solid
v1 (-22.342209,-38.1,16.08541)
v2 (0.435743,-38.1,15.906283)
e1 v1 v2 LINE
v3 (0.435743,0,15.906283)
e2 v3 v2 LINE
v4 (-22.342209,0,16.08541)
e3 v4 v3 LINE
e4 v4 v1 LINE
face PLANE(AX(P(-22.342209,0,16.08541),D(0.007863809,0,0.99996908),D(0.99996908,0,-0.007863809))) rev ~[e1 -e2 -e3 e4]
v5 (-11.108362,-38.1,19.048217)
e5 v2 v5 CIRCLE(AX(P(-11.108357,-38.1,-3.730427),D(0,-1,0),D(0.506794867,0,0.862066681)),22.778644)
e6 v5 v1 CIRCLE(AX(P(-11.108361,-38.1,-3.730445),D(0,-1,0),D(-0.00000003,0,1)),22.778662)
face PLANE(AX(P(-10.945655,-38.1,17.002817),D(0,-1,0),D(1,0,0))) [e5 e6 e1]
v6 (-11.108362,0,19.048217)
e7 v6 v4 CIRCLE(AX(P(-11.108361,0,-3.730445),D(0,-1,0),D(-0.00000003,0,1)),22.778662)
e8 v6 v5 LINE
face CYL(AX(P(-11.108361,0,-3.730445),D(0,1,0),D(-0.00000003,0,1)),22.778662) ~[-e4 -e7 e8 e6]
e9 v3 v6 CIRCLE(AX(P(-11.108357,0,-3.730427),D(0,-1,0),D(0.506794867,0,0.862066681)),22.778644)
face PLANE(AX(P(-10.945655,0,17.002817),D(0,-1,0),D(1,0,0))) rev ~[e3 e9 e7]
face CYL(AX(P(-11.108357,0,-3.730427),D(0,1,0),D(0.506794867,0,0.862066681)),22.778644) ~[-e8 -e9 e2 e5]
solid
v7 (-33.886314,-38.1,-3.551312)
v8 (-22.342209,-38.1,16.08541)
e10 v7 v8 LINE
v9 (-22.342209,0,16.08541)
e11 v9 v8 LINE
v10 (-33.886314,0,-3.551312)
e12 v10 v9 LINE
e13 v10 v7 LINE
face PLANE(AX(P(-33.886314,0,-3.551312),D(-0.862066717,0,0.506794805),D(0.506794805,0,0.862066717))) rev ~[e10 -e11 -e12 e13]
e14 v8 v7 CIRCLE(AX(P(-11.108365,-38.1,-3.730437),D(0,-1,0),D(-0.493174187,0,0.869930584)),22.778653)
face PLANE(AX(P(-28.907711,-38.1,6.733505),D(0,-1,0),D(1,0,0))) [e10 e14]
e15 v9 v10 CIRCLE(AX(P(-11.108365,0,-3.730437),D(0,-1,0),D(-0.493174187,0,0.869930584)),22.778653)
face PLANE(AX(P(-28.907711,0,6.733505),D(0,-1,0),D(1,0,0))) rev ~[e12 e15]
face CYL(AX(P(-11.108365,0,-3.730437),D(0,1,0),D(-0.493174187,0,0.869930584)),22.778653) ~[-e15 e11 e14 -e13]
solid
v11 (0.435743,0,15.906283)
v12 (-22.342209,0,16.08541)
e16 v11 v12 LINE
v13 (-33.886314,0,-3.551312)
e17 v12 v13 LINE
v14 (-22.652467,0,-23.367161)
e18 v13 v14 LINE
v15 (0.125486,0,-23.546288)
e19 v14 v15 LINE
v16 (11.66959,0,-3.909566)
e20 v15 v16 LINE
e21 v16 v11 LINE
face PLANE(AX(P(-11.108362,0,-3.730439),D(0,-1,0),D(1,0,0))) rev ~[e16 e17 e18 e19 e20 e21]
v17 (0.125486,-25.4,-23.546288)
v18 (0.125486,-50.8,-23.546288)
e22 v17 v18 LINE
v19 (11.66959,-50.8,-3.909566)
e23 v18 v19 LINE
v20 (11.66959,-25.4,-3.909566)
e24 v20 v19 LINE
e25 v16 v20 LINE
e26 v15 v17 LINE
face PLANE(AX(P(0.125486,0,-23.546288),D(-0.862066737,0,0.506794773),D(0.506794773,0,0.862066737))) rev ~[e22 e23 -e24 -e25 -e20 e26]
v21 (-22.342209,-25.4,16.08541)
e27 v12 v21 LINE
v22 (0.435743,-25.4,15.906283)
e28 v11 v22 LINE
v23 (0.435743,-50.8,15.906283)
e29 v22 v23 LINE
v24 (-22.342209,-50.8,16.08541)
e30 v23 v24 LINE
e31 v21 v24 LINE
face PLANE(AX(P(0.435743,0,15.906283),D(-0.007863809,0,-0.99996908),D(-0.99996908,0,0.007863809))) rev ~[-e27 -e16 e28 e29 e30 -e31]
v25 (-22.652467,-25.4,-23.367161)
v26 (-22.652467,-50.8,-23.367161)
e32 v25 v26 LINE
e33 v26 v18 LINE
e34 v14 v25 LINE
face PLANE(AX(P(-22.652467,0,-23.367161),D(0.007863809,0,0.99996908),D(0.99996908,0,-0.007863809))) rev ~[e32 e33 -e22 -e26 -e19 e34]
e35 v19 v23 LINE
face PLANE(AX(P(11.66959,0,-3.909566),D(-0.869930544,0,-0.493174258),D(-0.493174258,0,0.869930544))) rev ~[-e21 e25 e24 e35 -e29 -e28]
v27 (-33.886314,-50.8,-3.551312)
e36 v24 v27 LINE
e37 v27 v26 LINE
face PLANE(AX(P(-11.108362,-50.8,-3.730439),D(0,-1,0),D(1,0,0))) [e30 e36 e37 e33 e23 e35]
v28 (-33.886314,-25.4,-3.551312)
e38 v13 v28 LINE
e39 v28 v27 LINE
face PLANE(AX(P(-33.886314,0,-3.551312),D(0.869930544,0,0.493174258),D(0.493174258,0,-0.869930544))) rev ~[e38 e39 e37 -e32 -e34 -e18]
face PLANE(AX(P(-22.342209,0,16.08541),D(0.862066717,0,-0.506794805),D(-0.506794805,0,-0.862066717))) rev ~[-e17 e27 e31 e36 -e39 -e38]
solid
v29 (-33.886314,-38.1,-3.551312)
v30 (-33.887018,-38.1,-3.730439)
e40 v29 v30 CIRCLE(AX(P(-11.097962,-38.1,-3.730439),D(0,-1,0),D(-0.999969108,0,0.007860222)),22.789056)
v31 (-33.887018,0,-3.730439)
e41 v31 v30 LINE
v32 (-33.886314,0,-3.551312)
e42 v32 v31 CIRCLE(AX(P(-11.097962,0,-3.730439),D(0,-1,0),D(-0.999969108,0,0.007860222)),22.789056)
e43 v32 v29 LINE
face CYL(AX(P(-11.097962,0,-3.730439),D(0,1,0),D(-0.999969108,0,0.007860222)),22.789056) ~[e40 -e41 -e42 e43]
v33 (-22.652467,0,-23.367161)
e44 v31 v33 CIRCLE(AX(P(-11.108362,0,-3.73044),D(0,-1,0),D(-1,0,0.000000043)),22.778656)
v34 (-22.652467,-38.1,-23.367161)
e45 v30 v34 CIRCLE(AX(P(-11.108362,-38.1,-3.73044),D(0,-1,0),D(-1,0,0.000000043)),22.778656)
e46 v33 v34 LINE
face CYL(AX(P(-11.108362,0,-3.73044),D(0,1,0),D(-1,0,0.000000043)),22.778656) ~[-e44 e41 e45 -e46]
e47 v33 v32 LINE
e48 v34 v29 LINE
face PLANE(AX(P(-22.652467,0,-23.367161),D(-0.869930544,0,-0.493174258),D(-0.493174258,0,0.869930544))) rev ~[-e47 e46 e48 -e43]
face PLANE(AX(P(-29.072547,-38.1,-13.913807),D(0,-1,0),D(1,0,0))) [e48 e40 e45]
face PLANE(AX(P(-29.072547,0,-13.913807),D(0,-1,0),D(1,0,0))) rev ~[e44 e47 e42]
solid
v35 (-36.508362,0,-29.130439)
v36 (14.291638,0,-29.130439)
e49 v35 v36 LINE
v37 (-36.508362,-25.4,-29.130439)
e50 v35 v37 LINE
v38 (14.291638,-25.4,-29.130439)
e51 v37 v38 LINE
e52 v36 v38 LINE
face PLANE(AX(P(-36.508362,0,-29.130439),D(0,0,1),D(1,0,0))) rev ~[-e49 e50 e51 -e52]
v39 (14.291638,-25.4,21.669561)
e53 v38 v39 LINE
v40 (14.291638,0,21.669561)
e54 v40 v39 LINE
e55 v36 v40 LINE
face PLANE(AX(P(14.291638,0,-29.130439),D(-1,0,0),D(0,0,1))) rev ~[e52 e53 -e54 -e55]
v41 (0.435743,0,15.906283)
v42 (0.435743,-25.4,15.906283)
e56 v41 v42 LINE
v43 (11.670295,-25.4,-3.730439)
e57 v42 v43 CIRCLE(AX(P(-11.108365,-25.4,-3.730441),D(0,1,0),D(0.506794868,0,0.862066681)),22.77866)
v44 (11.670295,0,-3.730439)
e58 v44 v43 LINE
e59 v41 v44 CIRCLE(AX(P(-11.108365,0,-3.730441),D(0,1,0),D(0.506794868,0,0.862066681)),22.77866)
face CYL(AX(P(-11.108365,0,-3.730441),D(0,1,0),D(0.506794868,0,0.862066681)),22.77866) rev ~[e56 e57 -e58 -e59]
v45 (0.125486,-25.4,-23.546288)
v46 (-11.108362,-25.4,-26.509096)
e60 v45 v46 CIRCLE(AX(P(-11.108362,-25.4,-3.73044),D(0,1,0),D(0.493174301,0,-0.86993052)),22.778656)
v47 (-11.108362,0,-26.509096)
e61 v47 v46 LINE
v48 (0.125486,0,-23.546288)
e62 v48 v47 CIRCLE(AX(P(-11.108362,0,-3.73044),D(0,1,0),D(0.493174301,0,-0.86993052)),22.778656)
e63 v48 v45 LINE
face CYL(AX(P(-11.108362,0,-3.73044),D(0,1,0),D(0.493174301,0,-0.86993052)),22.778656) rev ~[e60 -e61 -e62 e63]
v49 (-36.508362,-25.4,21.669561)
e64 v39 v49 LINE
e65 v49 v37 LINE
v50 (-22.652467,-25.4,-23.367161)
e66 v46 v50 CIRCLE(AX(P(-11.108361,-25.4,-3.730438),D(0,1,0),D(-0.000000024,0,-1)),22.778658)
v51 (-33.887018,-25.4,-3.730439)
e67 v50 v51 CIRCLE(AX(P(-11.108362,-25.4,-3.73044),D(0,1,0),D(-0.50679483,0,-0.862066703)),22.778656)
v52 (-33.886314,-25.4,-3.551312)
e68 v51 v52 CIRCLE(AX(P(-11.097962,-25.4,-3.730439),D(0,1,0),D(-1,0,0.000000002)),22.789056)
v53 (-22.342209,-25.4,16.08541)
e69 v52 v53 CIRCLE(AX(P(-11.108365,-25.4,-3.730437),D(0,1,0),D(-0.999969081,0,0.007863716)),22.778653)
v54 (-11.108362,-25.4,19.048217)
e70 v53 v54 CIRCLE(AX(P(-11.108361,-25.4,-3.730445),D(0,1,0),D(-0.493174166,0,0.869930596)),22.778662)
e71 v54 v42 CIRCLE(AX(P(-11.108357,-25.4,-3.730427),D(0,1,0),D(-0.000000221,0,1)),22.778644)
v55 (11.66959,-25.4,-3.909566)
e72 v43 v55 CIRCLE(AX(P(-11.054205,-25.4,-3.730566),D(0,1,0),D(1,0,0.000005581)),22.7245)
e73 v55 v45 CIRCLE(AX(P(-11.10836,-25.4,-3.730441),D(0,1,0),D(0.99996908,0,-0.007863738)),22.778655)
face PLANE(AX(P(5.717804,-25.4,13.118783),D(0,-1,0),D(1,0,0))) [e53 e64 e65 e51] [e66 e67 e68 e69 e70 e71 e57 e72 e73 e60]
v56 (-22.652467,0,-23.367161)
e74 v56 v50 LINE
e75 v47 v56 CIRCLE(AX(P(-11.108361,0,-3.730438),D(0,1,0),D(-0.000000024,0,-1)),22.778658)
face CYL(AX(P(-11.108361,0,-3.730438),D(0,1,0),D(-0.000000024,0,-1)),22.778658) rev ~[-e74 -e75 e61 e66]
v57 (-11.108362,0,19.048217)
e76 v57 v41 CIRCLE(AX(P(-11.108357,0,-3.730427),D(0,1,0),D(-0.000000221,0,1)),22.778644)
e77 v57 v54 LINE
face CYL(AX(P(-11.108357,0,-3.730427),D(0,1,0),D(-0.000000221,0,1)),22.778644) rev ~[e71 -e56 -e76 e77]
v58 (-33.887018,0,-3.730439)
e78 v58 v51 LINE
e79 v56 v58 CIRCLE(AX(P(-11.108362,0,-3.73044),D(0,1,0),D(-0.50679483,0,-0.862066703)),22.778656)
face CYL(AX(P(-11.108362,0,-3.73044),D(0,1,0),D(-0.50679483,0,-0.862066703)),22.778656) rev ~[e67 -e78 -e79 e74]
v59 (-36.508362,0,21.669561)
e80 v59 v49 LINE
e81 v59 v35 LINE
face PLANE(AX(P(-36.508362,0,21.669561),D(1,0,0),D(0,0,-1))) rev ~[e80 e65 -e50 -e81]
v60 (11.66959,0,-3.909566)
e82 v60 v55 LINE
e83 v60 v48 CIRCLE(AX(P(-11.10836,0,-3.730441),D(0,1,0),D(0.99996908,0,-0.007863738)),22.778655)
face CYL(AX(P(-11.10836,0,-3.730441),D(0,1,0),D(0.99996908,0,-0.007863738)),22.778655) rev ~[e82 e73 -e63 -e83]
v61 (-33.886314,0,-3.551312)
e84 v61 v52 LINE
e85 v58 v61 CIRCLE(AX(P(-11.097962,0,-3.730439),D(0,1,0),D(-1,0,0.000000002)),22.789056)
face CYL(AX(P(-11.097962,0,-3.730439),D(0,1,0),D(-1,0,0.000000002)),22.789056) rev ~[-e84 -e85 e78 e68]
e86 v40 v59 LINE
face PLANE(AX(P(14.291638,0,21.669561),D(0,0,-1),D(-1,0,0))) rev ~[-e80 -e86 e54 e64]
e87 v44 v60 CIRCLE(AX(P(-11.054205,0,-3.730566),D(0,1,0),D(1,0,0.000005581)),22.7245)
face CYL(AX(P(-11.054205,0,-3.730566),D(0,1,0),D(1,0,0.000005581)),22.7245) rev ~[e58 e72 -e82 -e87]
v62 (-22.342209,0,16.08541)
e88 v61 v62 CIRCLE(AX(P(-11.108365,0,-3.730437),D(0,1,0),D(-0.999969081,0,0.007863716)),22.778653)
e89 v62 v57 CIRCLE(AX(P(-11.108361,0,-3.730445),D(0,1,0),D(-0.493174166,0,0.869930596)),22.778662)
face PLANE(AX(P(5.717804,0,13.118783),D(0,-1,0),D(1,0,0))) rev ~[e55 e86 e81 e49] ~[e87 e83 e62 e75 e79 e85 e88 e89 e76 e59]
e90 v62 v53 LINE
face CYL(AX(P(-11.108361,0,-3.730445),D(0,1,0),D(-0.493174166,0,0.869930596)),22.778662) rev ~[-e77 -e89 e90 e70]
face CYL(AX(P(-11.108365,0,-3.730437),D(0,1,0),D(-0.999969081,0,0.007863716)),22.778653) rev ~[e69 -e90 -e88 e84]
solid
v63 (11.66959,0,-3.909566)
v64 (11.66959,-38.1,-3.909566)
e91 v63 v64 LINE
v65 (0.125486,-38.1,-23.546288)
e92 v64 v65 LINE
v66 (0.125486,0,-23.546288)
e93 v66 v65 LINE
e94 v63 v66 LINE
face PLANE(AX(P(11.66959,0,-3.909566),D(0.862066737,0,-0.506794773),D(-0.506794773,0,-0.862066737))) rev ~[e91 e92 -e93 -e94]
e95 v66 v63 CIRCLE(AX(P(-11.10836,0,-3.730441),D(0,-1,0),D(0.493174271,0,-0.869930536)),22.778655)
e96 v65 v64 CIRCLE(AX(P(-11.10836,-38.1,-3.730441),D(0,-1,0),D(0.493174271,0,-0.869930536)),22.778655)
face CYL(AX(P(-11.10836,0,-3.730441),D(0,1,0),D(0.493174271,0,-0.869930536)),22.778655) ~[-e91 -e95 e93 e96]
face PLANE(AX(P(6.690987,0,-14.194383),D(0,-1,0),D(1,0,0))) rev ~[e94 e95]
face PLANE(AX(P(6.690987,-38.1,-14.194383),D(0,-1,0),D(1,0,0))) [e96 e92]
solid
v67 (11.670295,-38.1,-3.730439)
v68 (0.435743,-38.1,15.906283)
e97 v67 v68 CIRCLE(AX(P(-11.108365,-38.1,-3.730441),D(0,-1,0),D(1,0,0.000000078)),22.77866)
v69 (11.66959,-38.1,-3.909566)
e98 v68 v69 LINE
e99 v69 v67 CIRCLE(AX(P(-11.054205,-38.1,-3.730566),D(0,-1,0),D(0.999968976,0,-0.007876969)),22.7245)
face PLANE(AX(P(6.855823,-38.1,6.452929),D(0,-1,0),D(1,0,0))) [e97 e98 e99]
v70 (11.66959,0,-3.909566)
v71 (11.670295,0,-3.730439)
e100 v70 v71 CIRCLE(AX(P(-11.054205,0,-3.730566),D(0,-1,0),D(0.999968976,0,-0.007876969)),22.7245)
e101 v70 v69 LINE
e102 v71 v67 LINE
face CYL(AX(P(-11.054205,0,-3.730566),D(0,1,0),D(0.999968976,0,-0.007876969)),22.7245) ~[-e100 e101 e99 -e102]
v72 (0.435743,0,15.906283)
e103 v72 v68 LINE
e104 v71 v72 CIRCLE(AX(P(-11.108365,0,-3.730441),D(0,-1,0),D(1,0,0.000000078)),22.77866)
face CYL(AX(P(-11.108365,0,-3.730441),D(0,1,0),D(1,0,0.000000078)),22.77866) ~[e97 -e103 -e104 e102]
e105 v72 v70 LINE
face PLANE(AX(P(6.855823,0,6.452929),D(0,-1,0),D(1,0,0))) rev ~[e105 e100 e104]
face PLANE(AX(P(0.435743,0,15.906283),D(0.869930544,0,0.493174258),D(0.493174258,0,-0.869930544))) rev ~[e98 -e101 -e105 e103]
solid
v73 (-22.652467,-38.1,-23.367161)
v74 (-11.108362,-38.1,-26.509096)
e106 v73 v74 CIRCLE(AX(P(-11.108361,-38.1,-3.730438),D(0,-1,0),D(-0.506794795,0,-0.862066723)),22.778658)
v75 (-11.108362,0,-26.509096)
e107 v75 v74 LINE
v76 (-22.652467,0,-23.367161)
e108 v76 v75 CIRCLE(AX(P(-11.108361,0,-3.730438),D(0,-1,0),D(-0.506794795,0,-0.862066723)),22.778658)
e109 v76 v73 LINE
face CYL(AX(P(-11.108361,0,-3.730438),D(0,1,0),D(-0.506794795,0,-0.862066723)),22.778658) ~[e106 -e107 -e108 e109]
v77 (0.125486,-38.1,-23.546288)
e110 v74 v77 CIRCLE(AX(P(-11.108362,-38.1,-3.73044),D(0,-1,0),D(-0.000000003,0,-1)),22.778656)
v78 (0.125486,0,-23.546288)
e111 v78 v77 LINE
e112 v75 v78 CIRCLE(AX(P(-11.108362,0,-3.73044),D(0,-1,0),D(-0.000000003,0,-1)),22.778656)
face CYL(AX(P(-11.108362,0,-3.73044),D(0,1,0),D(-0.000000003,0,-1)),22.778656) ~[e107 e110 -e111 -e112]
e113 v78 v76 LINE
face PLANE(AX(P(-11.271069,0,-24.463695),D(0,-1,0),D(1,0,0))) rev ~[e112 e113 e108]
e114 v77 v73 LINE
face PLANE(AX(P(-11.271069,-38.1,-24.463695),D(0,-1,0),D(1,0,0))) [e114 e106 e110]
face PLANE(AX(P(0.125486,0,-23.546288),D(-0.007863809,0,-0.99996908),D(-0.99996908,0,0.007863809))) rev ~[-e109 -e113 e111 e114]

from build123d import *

# Parameters (mm, degrees)
F1_DEPTH = 25.4
F2_DEPTH = 50.8
F3_DEPTH = 38.1


with BuildPart() as f1:
    # F0 (on Front) → F1 (new body)
    with BuildSketch(Plane.XZ):
        with BuildLine():
            Line((14.291638, 21.669561), (-11.108362, 21.669561))
            Line((-11.108362, 21.669561), (-11.108362, 19.048217))
            ThreePointArc((-11.108362, 19.048217), (-5.126345, 18.248703), (0.435743, 15.906283))
            ThreePointArc((0.435743, 15.906283), (8.663163, 7.581236), (11.670295, -3.730439))
            Line((11.670295, -3.730439), (14.291638, -3.730439))
            Line((14.291638, -3.730439), (14.291638, 21.669561))
        make_face()
        with BuildLine():
            Line((-11.108362, 21.669561), (-36.508362, 21.669561))
            Line((-36.508362, 21.669561), (-36.508362, -3.730439))
            Line((-36.508362, -3.730439), (-33.887018, -3.730439))
            ThreePointArc((-33.887018, -3.730439), (-33.886842, -3.640875), (-33.886314, -3.551312))
            ThreePointArc((-33.886314, -3.551312), (-30.745084, 7.813666), (-22.342209, 16.08541))
            ThreePointArc((-22.342209, 16.08541), (-16.917354, 18.295064), (-11.108362, 19.048217))
            Line((-11.108362, 19.048217), (-11.108362, 21.669561))
        make_face()
        with BuildLine():
            Line((-33.887018, -3.730439), (-36.508362, -3.730439))
            Line((-36.508362, -3.730439), (-36.508362, -29.130439))
            Line((-36.508362, -29.130439), (-11.108362, -29.130439))
            Line((-11.108362, -29.130439), (-11.108362, -26.509096))
            ThreePointArc((-11.108362, -26.509096), (-17.090379, -25.709581), (-22.652467, -23.367161))
            ThreePointArc((-22.652467, -23.367161), (-30.879887, -15.042114), (-33.887018, -3.730439))
        make_face()
        with BuildLine():
            Line((14.291638, -29.130439), (14.291638, -3.730439))
            Line((14.291638, -3.730439), (11.670295, -3.730439))
            ThreePointArc((11.670295, -3.730439), (11.670119, -3.820003), (11.66959, -3.909566))
            ThreePointArc((11.66959, -3.909566), (8.52836, -15.274544), (0.125486, -23.546288))
            ThreePointArc((0.125486, -23.546288), (-5.29937, -25.755943), (-11.108362, -26.509096))
            Line((-11.108362, -26.509096), (-11.108362, -29.130439))
            Line((-11.108362, -29.130439), (14.291638, -29.130439))
        make_face()
    extrude(amount=F1_DEPTH)

    # F0 (on Front) → F2 (join)
    with BuildSketch(Plane.XZ):
        Polygon((11.66959, -3.909566), (0.435743, 15.906283), (-22.342209, 16.08541), (-33.886314, -3.551312), (-22.652467, -23.367161), (0.125486, -23.546288), align=None)
    extrude(amount=F2_DEPTH)


with BuildPart() as f3:
    # F0 (on Front) → F3 (new body)
    with BuildSketch(Plane.XZ):
        with BuildLine():
            Line((-33.886314, -3.551312), (-22.342209, 16.08541))
            ThreePointArc((-22.342209, 16.08541), (-30.745084, 7.813666), (-33.886314, -3.551312))
        make_face()
        with BuildLine():
            ThreePointArc((11.670295, -3.730439), (8.663163, 7.581236), (0.435743, 15.906283))
            Line((0.435743, 15.906283), (11.66959, -3.909566))
            ThreePointArc((11.66959, -3.909566), (11.670119, -3.820003), (11.670295, -3.730439))
        make_face()
        with BuildLine():
            ThreePointArc((0.435743, 15.906283), (-5.126345, 18.248703), (-11.108362, 19.048217))
            ThreePointArc((-11.108362, 19.048217), (-16.917354, 18.295064), (-22.342209, 16.08541))
            Line((-22.342209, 16.08541), (0.435743, 15.906283))
        make_face()
        with BuildLine():
            ThreePointArc((-33.886314, -3.551312), (-33.886842, -3.640875), (-33.887018, -3.730439))
            ThreePointArc((-33.887018, -3.730439), (-30.879887, -15.042114), (-22.652467, -23.367161))
            Line((-22.652467, -23.367161), (-33.886314, -3.551312))
        make_face()
        with BuildLine():
            Line((0.125486, -23.546288), (-22.652467, -23.367161))
            ThreePointArc((-22.652467, -23.367161), (-17.090379, -25.709581), (-11.108362, -26.509096))
            ThreePointArc((-11.108362, -26.509096), (-5.29937, -25.755943), (0.125486, -23.546288))
        make_face()
        with BuildLine():
            ThreePointArc((0.125486, -23.546288), (8.52836, -15.274544), (11.66959, -3.909566))
            Line((11.66959, -3.909566), (0.125486, -23.546288))
        make_face()
    extrude(amount=F3_DEPTH)


solid = Compound([f1.part, f3.part])
